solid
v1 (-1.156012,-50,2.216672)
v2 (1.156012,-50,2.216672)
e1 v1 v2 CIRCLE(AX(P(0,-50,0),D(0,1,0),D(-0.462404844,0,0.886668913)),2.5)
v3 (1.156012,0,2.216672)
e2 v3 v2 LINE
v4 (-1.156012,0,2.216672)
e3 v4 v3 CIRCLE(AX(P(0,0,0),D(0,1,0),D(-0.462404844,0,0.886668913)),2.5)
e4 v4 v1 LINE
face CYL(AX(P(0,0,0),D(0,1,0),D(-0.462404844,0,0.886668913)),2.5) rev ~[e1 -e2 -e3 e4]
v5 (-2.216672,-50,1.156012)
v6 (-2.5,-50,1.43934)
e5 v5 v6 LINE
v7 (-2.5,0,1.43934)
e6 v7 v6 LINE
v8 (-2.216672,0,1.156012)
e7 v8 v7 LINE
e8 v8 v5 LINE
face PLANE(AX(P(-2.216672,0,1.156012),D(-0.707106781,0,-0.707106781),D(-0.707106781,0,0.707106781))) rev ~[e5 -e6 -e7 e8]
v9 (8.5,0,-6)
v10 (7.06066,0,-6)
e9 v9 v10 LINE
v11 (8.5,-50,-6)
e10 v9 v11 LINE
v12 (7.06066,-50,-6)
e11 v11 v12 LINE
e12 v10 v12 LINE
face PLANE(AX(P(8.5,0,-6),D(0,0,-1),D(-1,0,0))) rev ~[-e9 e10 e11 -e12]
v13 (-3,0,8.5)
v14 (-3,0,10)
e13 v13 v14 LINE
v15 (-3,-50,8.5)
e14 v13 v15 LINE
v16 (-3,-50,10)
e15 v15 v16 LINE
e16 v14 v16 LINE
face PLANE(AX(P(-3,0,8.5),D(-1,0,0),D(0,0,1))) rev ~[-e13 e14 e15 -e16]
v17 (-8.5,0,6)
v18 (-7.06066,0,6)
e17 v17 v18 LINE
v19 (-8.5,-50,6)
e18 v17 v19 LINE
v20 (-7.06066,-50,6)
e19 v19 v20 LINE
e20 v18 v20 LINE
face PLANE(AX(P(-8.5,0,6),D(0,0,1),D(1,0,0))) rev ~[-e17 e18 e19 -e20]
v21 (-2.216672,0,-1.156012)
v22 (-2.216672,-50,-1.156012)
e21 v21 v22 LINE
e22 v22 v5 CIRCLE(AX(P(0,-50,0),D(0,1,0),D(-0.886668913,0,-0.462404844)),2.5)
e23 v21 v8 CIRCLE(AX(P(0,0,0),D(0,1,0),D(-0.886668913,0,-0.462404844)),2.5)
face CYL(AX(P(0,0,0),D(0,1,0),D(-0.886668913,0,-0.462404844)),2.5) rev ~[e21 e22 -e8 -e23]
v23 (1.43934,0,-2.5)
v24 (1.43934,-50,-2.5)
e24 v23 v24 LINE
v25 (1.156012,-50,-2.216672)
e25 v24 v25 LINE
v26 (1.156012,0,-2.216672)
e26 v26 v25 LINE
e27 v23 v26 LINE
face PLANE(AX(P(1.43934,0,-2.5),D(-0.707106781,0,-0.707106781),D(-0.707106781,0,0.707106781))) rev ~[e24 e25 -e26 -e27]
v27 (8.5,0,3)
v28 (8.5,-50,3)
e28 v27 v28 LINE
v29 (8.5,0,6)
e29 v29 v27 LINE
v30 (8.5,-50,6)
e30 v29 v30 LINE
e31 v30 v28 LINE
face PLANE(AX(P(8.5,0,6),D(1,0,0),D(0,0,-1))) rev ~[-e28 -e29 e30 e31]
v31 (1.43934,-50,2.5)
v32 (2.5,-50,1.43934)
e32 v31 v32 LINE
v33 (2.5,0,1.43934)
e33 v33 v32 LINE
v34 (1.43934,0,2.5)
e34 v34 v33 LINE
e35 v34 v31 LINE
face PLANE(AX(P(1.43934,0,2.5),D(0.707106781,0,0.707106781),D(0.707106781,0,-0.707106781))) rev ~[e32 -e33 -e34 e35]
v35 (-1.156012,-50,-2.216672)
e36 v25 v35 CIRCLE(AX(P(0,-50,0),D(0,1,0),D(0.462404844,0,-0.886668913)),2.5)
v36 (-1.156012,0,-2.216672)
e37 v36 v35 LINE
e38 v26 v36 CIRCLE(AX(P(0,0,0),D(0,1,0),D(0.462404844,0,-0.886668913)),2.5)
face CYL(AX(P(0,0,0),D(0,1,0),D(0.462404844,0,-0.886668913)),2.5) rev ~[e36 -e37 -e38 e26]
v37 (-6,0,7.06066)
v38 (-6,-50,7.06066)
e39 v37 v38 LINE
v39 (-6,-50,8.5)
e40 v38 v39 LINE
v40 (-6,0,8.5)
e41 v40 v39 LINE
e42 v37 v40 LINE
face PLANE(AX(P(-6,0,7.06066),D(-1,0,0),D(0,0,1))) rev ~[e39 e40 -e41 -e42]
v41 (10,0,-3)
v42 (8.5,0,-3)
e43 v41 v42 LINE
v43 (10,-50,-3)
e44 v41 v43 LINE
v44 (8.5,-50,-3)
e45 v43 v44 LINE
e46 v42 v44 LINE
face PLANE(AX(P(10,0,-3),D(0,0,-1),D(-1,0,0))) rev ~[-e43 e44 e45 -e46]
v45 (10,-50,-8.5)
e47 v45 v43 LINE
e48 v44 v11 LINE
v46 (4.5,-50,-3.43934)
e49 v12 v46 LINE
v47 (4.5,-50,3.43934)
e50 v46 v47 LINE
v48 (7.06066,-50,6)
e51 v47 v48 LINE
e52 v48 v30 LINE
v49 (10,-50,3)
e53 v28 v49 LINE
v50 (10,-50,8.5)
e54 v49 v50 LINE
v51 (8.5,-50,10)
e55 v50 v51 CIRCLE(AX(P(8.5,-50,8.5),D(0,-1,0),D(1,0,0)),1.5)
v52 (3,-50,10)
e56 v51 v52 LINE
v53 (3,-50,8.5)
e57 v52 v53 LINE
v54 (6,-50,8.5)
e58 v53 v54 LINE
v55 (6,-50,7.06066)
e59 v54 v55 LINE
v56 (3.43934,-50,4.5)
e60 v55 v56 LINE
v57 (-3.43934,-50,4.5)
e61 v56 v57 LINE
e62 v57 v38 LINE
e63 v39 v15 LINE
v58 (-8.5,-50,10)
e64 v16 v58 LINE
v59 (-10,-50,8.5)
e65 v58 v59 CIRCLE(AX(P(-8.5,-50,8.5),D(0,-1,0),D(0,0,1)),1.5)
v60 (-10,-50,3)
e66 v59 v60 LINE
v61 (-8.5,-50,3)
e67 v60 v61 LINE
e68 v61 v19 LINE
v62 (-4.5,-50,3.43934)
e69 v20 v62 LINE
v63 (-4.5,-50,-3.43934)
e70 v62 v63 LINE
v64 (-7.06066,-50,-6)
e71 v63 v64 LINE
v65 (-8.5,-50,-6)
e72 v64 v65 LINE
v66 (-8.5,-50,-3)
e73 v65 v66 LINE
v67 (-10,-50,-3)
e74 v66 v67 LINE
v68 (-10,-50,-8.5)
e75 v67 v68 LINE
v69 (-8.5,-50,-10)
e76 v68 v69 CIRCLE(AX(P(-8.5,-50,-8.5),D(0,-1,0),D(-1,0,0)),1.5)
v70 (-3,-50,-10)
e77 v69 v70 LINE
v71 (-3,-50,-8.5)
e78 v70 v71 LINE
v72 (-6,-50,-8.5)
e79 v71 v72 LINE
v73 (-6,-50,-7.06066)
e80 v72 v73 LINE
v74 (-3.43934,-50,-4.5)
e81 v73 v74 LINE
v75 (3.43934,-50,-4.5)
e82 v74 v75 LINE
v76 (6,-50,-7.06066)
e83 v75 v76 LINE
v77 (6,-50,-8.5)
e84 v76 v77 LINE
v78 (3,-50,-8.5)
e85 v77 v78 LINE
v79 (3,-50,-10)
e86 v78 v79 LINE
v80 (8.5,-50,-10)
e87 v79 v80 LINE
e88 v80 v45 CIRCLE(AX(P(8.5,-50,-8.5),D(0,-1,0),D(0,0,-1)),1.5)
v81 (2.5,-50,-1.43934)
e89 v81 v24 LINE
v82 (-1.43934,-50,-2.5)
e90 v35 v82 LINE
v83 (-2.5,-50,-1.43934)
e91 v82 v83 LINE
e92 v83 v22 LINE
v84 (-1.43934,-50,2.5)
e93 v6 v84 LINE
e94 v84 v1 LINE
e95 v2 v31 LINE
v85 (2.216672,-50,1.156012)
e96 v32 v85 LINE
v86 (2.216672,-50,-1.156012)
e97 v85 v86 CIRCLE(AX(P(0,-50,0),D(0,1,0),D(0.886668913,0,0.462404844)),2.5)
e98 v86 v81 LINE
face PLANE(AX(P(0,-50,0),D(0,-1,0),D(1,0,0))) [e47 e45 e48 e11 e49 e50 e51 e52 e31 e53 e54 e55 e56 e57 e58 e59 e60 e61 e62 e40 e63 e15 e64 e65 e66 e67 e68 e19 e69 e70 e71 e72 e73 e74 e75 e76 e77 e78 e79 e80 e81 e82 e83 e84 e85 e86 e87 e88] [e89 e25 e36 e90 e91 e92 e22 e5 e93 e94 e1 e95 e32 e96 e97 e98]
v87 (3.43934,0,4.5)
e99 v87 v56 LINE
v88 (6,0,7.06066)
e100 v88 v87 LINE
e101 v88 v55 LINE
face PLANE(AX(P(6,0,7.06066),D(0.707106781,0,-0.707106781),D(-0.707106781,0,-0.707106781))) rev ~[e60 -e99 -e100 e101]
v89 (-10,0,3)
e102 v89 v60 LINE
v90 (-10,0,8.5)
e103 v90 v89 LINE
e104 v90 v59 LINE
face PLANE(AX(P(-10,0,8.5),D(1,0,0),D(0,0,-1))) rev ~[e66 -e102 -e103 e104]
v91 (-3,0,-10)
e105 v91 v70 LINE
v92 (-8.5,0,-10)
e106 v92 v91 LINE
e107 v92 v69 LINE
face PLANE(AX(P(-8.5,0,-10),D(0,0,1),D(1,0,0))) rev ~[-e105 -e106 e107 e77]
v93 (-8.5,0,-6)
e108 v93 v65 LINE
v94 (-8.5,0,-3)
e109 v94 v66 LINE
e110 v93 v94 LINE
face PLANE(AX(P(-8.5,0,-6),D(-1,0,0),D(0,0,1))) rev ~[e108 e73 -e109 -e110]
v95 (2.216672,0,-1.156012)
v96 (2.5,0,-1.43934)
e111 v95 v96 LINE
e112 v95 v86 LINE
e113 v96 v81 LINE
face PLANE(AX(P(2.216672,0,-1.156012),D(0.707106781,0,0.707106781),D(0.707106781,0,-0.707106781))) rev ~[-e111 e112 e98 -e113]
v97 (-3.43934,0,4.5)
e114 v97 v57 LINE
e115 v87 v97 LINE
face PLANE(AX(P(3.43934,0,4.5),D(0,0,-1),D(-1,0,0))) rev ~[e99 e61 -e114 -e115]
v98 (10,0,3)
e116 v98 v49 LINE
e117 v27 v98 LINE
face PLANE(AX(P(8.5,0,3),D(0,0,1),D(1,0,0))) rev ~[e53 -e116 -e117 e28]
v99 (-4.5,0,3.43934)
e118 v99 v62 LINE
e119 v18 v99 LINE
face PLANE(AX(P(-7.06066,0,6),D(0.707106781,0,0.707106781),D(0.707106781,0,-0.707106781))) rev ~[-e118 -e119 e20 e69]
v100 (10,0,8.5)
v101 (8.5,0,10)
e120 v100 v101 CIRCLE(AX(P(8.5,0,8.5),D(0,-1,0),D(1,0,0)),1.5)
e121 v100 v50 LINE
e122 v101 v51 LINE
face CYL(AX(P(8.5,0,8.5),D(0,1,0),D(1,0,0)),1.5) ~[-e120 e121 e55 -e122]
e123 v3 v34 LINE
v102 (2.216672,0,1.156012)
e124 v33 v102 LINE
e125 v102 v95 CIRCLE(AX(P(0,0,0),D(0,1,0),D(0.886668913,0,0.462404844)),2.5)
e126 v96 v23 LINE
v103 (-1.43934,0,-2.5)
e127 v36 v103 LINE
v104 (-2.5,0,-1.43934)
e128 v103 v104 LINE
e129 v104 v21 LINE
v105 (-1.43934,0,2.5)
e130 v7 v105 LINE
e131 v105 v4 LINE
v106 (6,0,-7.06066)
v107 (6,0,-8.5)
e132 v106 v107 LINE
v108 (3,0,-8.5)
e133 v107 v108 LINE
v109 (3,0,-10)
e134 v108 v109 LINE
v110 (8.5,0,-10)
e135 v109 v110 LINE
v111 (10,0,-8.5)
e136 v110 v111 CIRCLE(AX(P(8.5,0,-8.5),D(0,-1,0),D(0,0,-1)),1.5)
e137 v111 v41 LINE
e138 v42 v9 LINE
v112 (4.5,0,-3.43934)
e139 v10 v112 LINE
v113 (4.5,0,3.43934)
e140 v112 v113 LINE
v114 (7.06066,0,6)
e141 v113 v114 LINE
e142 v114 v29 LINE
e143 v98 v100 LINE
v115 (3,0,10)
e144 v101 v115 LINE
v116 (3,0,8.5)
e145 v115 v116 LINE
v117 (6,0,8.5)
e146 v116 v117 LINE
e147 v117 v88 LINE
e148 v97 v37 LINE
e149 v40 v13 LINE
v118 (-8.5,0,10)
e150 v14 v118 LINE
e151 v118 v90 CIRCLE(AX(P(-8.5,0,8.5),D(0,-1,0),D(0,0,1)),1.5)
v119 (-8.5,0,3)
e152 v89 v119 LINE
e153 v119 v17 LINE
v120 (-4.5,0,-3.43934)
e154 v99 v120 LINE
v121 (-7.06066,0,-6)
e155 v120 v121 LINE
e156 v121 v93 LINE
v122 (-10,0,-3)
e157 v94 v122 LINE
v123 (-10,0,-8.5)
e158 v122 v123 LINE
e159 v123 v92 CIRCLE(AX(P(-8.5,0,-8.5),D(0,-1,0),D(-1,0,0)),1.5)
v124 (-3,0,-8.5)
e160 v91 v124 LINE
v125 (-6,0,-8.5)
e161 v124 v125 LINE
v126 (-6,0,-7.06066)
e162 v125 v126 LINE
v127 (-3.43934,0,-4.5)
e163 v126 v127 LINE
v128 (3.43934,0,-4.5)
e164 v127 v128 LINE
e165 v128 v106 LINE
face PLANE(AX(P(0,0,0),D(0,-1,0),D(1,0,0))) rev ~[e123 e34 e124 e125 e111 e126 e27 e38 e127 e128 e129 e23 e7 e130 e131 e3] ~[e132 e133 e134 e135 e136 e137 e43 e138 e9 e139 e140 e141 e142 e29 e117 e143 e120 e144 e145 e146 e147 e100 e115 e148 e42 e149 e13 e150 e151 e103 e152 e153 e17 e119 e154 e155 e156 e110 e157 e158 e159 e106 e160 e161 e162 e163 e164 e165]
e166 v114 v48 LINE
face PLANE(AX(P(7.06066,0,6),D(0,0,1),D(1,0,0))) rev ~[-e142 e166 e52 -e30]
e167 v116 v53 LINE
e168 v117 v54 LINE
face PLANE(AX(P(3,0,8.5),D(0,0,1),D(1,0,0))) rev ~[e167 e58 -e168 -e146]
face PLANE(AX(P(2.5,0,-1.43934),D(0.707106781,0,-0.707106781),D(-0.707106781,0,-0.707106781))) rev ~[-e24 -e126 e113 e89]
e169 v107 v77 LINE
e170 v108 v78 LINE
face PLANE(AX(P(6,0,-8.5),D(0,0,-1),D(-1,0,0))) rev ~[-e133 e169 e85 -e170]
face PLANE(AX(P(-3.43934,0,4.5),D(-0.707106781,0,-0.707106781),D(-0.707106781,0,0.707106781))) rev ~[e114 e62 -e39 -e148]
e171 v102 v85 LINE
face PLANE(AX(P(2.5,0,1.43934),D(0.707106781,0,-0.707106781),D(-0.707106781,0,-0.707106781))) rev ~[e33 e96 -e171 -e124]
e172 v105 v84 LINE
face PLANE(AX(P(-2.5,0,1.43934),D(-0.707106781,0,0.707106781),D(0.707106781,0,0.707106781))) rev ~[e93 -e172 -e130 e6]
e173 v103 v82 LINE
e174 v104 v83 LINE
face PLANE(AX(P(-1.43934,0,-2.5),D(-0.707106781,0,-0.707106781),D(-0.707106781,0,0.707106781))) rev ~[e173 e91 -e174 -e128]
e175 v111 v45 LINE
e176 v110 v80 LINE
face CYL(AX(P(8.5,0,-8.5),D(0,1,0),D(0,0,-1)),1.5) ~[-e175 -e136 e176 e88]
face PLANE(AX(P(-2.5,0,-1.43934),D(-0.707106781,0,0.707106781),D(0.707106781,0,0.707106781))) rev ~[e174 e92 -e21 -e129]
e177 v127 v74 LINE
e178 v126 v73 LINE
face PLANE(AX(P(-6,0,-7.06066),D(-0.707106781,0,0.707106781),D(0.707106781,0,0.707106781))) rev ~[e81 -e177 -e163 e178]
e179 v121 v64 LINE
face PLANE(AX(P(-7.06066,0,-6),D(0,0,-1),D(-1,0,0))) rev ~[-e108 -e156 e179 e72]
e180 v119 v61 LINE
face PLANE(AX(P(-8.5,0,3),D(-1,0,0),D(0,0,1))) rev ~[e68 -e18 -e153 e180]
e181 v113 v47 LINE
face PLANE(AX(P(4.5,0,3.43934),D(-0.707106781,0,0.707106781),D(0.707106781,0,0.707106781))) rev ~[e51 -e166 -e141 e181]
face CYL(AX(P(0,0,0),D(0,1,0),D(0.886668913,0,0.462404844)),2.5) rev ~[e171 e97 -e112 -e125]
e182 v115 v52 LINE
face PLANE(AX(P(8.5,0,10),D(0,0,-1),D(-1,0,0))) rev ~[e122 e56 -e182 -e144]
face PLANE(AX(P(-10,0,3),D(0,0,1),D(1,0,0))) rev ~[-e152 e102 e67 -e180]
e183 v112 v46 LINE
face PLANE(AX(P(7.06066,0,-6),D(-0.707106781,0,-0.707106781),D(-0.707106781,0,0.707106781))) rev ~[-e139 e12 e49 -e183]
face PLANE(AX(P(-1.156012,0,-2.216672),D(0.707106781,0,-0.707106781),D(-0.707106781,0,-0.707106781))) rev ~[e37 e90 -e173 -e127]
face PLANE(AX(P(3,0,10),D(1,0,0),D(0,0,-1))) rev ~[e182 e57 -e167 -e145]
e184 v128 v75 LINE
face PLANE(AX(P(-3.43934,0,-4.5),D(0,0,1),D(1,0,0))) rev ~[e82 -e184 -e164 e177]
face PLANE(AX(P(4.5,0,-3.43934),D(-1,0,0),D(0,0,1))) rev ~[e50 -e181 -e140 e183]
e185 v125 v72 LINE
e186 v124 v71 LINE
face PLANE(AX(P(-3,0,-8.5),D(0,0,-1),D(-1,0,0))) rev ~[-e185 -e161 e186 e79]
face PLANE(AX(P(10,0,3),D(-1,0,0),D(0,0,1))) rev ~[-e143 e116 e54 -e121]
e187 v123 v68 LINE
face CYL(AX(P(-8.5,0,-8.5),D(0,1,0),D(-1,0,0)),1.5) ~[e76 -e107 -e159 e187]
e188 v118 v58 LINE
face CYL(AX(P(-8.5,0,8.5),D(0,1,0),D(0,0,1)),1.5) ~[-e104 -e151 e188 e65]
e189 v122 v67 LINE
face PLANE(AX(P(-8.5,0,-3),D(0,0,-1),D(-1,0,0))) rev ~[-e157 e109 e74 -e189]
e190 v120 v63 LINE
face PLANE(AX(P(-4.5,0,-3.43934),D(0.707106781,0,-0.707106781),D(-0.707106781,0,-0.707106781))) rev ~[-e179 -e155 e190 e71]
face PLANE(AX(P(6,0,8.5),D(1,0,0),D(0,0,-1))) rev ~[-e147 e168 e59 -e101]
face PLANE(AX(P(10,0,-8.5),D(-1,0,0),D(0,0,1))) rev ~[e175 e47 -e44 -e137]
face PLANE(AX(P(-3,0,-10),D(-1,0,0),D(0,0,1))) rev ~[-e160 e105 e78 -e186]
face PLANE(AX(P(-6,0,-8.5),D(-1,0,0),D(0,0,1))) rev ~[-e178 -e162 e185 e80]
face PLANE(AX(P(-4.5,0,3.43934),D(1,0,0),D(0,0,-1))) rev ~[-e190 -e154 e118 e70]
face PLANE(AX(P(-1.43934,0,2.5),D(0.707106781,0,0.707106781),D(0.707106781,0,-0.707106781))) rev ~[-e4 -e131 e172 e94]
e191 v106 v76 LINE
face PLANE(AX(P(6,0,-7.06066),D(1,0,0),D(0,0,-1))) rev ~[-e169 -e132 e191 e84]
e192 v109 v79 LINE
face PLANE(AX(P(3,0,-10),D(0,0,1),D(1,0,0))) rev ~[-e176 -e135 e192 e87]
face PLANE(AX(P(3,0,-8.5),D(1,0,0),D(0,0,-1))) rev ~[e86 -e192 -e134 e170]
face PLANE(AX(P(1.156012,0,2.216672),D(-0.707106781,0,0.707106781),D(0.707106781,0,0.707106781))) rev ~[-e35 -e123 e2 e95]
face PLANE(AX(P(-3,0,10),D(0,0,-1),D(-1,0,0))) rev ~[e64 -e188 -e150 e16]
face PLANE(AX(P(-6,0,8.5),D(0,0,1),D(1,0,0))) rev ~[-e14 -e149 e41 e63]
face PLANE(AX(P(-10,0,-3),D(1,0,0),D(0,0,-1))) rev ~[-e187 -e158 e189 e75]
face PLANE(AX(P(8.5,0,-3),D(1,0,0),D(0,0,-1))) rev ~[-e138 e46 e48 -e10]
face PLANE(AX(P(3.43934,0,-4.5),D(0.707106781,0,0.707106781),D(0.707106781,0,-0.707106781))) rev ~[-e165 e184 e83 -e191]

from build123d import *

# Parameters (mm, degrees)
F1_DEPTH = 50


with BuildPart() as f1:
    # F0 (on Front) → F1 (new body)
    with BuildSketch(Plane.XZ):
        with BuildLine():
            Line((3, -10), (8.5, -10))
            ThreePointArc((8.5, -10), (9.5606601718, -9.5606601718), (10, -8.5))
            Line((10, -8.5), (10, -3))
            Line((10, -3), (8.5, -3))
            Line((8.5, -3), (8.5, -6))
            Line((8.5, -6), (7.0606601718, -6))
            Line((7.0606601718, -6), (4.5, -3.4393398282))
            Line((4.5, -3.4393398282), (4.5, 3.4393398282))
            Line((4.5, 3.4393398282), (7.0606601718, 6))
            Line((7.0606601718, 6), (8.5, 6))
            Line((8.5, 6), (8.5, 3))
            Line((8.5, 3), (10, 3))
            Line((10, 3), (10, 8.5))
            ThreePointArc((10, 8.5), (9.5606601718, 9.5606601718), (8.5, 10))
            Line((8.5, 10), (3, 10))
            Line((3, 10), (3, 8.5))
            Line((3, 8.5), (6, 8.5))
            Line((6, 8.5), (6, 7.0606601718))
            Line((6, 7.0606601718), (3.4393398282, 4.5))
            Line((3.4393398282, 4.5), (-3.4393398282, 4.5))
            Line((-3.4393398282, 4.5), (-6, 7.0606601718))
            Line((-6, 7.0606601718), (-6, 8.5))
            Line((-6, 8.5), (-3, 8.5))
            Line((-3, 8.5), (-3, 10))
            Line((-3, 10), (-8.5, 10))
            ThreePointArc((-8.5, 10), (-9.5606601718, 9.5606601718), (-10, 8.5))
            Line((-10, 8.5), (-10, 3))
            Line((-10, 3), (-8.5, 3))
            Line((-8.5, 3), (-8.5, 6))
            Line((-8.5, 6), (-7.0606601718, 6))
            Line((-7.0606601718, 6), (-4.5, 3.4393398282))
            Line((-4.5, 3.4393398282), (-4.5, -3.4393398282))
            Line((-4.5, -3.4393398282), (-7.0606601718, -6))
            Line((-7.0606601718, -6), (-8.5, -6))
            Line((-8.5, -6), (-8.5, -3))
            Line((-8.5, -3), (-10, -3))
            Line((-10, -3), (-10, -8.5))
            ThreePointArc((-10, -8.5), (-9.5606601718, -9.5606601718), (-8.5, -10))
            Line((-8.5, -10), (-3, -10))
            Line((-3, -10), (-3, -8.5))
            Line((-3, -8.5), (-6, -8.5))
            Line((-6, -8.5), (-6, -7.0606601718))
            Line((-6, -7.0606601718), (-3.4393398282, -4.5))
            Line((-3.4393398282, -4.5), (3.4393398282, -4.5))
            Line((3.4393398282, -4.5), (6, -7.0606601718))
            Line((6, -7.0606601718), (6, -8.5))
            Line((6, -8.5), (3, -8.5))
            Line((3, -8.5), (3, -10))
        make_face()
        with BuildLine():
            ThreePointArc((-1.1560121095, 2.2166722813), (0, 2.5), (1.1560121095, 2.2166722813))
            Line((1.1560121095, 2.2166722813), (1.4393398282, 2.5))
            Line((1.4393398282, 2.5), (2.5, 1.4393398282))
            Line((2.5, 1.4393398282), (2.2166722813, 1.1560121095))
            ThreePointArc((2.2166722813, 1.1560121095), (2.5, 0), (2.2166722813, -1.1560121095))
            Line((2.2166722813, -1.1560121095), (2.5, -1.4393398282))
            Line((2.5, -1.4393398282), (1.4393398282, -2.5))
            Line((1.4393398282, -2.5), (1.1560121095, -2.2166722813))
            ThreePointArc((1.1560121095, -2.2166722813), (0, -2.5), (-1.1560121095, -2.2166722813))
            Line((-1.1560121095, -2.2166722813), (-1.4393398282, -2.5))
            Line((-1.4393398282, -2.5), (-2.5, -1.4393398282))
            Line((-2.5, -1.4393398282), (-2.2166722813, -1.1560121095))
            ThreePointArc((-2.2166722813, -1.1560121095), (-2.5, 0), (-2.2166722813, 1.1560121095))
            Line((-2.2166722813, 1.1560121095), (-2.5, 1.4393398282))
            Line((-2.5, 1.4393398282), (-1.4393398282, 2.5))
            Line((-1.4393398282, 2.5), (-1.1560121095, 2.2166722813))
        make_face(mode=Mode.SUBTRACT)
    extrude(amount=F1_DEPTH)


solid = f1.part
